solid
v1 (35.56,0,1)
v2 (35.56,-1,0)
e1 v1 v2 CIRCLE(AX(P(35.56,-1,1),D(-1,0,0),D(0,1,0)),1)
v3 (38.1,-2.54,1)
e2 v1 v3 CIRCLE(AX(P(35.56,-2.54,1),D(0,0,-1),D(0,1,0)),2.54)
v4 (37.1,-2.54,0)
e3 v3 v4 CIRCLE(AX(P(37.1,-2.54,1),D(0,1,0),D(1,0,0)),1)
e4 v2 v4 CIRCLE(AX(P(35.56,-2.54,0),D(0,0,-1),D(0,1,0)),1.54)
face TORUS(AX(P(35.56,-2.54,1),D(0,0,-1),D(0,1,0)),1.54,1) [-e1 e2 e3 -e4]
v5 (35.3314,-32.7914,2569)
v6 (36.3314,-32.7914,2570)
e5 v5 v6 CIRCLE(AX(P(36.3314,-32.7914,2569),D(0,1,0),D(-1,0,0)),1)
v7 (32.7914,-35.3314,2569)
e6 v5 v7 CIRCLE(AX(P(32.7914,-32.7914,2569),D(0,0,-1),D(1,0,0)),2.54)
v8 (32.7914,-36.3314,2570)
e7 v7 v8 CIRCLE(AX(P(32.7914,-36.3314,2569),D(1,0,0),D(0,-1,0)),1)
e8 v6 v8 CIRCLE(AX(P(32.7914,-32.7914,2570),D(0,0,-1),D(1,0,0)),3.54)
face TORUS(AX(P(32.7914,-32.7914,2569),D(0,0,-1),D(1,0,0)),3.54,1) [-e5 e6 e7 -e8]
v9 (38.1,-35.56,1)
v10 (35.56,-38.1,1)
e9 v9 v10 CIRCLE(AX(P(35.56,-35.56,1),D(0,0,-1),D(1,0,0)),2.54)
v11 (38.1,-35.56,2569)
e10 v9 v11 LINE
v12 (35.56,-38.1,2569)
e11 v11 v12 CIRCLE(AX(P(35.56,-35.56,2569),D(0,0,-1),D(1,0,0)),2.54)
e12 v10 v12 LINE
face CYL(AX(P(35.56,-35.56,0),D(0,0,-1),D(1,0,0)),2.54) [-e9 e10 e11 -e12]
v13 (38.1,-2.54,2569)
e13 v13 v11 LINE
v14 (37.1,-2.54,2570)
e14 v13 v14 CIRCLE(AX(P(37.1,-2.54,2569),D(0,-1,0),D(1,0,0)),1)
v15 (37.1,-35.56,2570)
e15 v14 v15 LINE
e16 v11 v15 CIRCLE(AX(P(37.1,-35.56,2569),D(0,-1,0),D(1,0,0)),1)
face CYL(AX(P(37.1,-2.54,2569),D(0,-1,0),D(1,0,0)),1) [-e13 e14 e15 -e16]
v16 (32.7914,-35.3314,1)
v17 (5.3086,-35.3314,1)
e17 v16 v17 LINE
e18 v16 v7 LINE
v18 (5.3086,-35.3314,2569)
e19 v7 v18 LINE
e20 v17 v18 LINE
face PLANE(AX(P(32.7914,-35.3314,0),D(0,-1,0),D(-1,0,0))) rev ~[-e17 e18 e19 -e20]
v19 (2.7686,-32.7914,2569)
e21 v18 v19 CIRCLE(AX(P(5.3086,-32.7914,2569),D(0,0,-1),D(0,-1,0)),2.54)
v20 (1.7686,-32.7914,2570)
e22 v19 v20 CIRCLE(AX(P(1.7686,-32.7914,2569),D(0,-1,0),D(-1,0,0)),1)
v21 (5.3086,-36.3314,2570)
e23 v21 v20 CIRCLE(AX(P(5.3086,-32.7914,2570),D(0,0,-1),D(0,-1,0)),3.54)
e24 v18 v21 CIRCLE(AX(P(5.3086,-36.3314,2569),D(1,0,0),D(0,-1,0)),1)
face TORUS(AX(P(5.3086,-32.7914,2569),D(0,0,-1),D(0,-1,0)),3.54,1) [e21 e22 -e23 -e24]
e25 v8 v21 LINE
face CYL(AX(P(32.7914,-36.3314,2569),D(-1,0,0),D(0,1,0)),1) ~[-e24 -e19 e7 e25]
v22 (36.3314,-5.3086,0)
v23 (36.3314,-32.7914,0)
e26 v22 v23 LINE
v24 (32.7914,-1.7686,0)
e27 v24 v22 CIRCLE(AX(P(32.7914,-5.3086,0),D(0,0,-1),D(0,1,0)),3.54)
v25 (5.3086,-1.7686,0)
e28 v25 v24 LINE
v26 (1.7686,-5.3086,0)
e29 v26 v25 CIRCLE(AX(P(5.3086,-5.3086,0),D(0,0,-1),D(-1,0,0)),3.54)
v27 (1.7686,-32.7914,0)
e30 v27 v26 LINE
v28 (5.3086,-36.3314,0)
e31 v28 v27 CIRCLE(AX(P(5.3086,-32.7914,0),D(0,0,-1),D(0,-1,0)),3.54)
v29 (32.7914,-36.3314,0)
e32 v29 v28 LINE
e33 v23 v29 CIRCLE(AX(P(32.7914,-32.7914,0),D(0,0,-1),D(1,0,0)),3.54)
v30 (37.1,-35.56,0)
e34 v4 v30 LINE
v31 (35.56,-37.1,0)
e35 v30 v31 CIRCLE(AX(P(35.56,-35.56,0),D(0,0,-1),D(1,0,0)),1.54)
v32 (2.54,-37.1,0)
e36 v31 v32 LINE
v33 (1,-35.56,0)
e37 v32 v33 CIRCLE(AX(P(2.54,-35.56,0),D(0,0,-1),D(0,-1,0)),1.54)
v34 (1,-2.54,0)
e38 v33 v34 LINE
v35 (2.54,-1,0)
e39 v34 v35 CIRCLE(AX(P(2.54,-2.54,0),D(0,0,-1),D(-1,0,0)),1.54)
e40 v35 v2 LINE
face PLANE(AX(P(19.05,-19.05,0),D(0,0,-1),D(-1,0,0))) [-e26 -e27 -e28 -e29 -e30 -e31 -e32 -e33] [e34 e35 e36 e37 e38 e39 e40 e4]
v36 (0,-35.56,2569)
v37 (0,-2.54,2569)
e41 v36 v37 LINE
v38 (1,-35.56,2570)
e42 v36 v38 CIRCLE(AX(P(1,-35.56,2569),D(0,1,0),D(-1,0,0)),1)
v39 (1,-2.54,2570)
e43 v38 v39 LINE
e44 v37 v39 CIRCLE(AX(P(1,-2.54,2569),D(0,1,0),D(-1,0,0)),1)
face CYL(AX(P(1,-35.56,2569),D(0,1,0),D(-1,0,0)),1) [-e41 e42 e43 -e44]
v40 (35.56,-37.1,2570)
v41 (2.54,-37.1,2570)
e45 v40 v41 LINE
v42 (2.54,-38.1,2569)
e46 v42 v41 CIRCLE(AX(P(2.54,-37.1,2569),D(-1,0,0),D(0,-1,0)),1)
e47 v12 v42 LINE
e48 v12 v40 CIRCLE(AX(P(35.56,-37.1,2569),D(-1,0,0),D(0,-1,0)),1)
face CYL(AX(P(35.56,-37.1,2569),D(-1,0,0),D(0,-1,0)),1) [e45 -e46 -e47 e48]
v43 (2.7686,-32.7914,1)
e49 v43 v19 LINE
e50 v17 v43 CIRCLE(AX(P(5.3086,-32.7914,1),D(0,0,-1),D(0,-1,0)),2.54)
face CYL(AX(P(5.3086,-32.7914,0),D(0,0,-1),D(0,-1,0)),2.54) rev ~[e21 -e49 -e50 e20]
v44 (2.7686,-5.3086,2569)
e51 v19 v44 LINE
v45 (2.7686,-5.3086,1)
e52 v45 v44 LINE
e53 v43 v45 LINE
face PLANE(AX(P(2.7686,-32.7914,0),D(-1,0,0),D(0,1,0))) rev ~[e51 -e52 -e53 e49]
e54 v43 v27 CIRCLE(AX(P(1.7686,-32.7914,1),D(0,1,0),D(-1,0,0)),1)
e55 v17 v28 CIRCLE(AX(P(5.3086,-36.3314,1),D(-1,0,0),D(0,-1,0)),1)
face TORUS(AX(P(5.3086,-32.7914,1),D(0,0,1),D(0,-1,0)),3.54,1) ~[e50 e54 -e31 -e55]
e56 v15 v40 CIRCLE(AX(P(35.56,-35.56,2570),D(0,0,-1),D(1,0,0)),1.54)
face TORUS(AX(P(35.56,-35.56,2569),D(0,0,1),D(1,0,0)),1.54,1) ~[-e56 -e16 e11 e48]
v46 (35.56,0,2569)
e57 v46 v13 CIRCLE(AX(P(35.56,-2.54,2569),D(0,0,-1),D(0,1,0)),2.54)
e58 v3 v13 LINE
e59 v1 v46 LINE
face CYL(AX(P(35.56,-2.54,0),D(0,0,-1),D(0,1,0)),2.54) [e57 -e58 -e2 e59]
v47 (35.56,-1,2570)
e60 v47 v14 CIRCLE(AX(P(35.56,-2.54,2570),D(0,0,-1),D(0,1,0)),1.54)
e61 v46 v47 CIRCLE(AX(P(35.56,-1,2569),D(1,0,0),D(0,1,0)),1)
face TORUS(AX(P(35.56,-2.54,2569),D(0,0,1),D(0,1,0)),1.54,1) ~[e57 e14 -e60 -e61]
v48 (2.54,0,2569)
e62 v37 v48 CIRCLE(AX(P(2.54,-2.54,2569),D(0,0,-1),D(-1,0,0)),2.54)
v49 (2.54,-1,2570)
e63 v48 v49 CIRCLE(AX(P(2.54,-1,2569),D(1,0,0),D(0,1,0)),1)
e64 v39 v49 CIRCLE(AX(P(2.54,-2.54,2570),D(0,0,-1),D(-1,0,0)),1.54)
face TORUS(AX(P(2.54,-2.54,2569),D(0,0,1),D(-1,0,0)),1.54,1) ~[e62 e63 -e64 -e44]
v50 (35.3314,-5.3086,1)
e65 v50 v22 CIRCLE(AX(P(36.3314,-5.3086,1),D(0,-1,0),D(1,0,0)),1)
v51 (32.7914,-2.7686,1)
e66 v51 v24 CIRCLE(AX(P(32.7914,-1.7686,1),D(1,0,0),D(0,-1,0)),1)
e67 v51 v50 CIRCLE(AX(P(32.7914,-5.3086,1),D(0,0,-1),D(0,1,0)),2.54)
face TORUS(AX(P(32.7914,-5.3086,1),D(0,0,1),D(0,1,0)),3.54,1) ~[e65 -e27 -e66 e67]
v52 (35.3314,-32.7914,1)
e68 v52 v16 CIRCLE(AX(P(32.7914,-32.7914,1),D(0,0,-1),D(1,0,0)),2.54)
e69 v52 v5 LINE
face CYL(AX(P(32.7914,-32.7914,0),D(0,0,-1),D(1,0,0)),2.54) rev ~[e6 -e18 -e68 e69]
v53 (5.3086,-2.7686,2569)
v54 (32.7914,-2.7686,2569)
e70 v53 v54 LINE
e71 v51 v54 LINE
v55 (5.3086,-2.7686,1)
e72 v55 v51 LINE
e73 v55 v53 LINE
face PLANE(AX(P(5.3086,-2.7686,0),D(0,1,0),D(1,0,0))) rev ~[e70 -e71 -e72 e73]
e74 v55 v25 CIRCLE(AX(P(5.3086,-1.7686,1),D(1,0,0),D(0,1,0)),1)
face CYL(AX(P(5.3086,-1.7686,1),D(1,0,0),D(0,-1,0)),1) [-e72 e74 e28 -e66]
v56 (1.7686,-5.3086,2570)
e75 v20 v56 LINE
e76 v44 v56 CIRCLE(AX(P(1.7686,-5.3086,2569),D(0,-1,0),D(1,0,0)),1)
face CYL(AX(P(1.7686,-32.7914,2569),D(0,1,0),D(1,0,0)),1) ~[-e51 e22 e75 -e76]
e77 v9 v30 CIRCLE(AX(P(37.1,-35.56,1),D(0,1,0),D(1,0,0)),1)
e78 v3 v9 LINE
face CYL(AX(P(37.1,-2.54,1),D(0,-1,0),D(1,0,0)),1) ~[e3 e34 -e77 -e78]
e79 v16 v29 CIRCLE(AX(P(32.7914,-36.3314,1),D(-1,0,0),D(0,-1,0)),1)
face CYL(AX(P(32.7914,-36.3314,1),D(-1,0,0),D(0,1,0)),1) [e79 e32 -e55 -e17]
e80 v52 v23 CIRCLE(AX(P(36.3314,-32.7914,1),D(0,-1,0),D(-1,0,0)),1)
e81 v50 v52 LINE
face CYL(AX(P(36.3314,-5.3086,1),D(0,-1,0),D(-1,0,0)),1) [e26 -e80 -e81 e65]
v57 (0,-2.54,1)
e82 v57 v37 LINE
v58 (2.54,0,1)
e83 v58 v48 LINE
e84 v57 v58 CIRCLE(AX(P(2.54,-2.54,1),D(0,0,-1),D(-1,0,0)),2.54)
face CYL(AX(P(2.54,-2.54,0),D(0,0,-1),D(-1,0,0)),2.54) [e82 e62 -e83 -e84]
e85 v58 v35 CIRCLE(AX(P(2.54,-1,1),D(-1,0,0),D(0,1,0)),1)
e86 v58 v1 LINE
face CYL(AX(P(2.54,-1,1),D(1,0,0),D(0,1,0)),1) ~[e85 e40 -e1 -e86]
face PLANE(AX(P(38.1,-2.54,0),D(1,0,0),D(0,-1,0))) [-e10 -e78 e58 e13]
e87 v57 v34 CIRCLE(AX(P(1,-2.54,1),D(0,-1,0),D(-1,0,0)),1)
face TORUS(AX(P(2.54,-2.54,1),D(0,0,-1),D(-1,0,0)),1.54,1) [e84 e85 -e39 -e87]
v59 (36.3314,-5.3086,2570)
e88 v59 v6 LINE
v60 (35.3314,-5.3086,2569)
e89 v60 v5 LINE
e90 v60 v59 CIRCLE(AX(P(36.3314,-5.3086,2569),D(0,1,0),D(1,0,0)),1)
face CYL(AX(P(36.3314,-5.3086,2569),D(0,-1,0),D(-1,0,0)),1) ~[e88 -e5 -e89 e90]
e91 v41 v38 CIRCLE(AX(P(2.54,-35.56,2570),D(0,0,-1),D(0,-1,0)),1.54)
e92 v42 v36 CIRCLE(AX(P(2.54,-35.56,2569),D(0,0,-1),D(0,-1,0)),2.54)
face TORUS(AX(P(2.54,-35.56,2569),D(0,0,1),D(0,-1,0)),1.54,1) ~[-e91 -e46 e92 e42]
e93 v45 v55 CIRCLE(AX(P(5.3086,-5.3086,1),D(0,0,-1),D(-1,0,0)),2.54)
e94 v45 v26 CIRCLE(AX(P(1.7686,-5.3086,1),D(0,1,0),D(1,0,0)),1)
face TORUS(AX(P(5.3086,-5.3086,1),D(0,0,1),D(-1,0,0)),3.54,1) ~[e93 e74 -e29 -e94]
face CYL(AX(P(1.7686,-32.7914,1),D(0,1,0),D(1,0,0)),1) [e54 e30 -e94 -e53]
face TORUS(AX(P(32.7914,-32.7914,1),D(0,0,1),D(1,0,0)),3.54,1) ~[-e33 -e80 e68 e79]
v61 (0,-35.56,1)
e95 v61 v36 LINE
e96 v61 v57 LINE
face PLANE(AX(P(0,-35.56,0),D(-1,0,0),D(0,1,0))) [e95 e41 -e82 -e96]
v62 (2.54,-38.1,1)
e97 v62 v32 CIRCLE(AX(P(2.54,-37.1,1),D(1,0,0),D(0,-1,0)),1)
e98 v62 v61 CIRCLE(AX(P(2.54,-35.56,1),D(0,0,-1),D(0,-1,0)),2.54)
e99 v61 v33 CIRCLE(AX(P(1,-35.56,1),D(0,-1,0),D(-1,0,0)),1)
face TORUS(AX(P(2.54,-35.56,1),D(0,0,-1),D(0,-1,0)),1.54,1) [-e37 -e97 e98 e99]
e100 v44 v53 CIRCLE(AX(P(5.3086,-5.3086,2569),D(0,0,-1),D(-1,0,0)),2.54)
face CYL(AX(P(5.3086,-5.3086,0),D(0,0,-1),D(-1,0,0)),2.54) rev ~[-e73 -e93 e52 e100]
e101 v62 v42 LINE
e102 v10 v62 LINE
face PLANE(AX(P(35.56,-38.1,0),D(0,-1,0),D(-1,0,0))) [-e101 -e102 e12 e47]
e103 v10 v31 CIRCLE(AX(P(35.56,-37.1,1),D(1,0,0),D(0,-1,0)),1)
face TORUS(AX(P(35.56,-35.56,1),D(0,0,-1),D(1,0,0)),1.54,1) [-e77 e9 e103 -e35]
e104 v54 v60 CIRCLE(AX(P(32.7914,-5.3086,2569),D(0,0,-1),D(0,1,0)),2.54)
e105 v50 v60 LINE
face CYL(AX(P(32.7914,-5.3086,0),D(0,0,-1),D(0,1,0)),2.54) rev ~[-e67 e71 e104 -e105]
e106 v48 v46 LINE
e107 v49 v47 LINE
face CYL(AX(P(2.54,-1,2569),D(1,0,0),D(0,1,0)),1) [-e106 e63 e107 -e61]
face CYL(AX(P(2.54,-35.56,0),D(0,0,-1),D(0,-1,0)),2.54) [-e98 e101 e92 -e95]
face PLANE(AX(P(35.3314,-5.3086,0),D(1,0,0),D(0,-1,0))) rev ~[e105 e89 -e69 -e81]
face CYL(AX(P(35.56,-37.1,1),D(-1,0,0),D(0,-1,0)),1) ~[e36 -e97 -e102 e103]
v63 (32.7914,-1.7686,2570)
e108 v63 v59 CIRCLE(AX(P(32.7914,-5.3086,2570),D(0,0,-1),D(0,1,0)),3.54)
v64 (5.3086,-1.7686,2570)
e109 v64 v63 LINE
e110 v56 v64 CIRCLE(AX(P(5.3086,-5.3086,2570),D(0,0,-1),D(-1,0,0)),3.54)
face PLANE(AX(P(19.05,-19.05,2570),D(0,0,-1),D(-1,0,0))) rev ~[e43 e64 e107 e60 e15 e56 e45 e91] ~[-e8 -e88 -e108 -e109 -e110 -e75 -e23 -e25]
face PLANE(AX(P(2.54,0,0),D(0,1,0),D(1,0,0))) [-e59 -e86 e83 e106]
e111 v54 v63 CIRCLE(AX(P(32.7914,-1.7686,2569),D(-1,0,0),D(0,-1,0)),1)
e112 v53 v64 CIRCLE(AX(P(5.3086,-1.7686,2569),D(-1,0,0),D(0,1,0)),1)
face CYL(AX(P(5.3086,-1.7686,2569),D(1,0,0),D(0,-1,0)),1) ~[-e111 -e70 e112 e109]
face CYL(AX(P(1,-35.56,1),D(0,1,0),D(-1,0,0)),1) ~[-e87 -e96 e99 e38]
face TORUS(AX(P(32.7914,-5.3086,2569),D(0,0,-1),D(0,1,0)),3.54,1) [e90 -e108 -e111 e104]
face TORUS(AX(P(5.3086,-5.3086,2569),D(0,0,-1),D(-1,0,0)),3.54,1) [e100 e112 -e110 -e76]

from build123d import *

# Parameters (mm, degrees)
BOSS_EXTRUDE1_DEPTH = 2570
FILLET1_R           = 1


with BuildPart() as part:
    # Sketch1 → Boss-Extrude1 (new body)
    with BuildSketch(Plane.XY):
        with BuildLine():
            Line((2.54, 0), (35.56, 0))
            ThreePointArc((35.56, 0), (37.356051224, -0.743948776), (38.1, -2.54))
            Line((38.1, -2.54), (38.1, -35.56))
            ThreePointArc((38.1, -35.56), (37.356051224, -37.356051224), (35.56, -38.1))
            Line((35.56, -38.1), (2.54, -38.1))
            ThreePointArc((2.54, -38.1), (0.743948776, -37.356051224), (0, -35.56))
            Line((0, -35.56), (0, -2.54))
            ThreePointArc((0, -2.54), (0.743948776, -0.743948776), (2.54, 0))
        make_face()
        with BuildLine():
            Line((5.3086, -2.7686), (32.7914, -2.7686))
            ThreePointArc((32.7914, -2.7686), (34.587451224, -3.512548776), (35.3314, -5.3086))
            Line((35.3314, -5.3086), (35.3314, -32.7914))
            ThreePointArc((35.3314, -32.7914), (34.587451224, -34.587451224), (32.7914, -35.3314))
            Line((32.7914, -35.3314), (5.3086, -35.3314))
            ThreePointArc((5.3086, -35.3314), (3.512548776, -34.587451224), (2.7686, -32.7914))
            Line((2.7686, -32.7914), (2.7686, -5.3086))
            ThreePointArc((2.7686, -5.3086), (3.512548776, -3.512548776), (5.3086, -2.7686))
        make_face(mode=Mode.SUBTRACT)
    extrude(amount=BOSS_EXTRUDE1_DEPTH)

    # Fillet1
    fillet1_edges = [part.edges().sort_by_distance(p)[0] for p in [
        (37.356051224, -37.356051224, 2570),
        (19.05, -38.1, 0),
        (0.743948776, -37.356051224, 0),
        (38.1, -19.05, 2570),
        (37.356051224, -0.743948776, 2570),
        (19.05, 0, 2570),
        (0.743948776, -0.743948776, 2570),
        (0, -19.05, 2570),
        (3.512548776, -34.587451224, 0),
        (19.05, -35.3314, 0),
        (34.587451224, -34.587451224, 0),
        (35.3314, -19.05, 0),
        (34.587451224, -3.512548776, 0),
        (19.05, -2.7686, 0),
        (3.512548776, -3.512548776, 0),
        (2.7686, -19.05, 0),
        (3.512548776, -34.587451224, 2570),
        (19.05, -35.3314, 2570),
        (34.587451224, -34.587451224, 2570),
        (35.3314, -19.05, 2570),
        (34.587451224, -3.512548776, 2570),
        (19.05, -2.7686, 2570),
        (3.512548776, -3.512548776, 2570),
        (2.7686, -19.05, 2570),
        (0.743948776, -37.356051224, 2570),
        (19.05, -38.1, 2570),
        (0, -19.05, 0),
        (0.743948776, -0.743948776, 0),
        (19.05, 0, 0),
        (37.356051224, -0.743948776, 0),
        (38.1, -19.05, 0),
        (37.356051224, -37.356051224, 0),
    ]]
    fillet(fillet1_edges, radius=FILLET1_R)


solid = part.part
